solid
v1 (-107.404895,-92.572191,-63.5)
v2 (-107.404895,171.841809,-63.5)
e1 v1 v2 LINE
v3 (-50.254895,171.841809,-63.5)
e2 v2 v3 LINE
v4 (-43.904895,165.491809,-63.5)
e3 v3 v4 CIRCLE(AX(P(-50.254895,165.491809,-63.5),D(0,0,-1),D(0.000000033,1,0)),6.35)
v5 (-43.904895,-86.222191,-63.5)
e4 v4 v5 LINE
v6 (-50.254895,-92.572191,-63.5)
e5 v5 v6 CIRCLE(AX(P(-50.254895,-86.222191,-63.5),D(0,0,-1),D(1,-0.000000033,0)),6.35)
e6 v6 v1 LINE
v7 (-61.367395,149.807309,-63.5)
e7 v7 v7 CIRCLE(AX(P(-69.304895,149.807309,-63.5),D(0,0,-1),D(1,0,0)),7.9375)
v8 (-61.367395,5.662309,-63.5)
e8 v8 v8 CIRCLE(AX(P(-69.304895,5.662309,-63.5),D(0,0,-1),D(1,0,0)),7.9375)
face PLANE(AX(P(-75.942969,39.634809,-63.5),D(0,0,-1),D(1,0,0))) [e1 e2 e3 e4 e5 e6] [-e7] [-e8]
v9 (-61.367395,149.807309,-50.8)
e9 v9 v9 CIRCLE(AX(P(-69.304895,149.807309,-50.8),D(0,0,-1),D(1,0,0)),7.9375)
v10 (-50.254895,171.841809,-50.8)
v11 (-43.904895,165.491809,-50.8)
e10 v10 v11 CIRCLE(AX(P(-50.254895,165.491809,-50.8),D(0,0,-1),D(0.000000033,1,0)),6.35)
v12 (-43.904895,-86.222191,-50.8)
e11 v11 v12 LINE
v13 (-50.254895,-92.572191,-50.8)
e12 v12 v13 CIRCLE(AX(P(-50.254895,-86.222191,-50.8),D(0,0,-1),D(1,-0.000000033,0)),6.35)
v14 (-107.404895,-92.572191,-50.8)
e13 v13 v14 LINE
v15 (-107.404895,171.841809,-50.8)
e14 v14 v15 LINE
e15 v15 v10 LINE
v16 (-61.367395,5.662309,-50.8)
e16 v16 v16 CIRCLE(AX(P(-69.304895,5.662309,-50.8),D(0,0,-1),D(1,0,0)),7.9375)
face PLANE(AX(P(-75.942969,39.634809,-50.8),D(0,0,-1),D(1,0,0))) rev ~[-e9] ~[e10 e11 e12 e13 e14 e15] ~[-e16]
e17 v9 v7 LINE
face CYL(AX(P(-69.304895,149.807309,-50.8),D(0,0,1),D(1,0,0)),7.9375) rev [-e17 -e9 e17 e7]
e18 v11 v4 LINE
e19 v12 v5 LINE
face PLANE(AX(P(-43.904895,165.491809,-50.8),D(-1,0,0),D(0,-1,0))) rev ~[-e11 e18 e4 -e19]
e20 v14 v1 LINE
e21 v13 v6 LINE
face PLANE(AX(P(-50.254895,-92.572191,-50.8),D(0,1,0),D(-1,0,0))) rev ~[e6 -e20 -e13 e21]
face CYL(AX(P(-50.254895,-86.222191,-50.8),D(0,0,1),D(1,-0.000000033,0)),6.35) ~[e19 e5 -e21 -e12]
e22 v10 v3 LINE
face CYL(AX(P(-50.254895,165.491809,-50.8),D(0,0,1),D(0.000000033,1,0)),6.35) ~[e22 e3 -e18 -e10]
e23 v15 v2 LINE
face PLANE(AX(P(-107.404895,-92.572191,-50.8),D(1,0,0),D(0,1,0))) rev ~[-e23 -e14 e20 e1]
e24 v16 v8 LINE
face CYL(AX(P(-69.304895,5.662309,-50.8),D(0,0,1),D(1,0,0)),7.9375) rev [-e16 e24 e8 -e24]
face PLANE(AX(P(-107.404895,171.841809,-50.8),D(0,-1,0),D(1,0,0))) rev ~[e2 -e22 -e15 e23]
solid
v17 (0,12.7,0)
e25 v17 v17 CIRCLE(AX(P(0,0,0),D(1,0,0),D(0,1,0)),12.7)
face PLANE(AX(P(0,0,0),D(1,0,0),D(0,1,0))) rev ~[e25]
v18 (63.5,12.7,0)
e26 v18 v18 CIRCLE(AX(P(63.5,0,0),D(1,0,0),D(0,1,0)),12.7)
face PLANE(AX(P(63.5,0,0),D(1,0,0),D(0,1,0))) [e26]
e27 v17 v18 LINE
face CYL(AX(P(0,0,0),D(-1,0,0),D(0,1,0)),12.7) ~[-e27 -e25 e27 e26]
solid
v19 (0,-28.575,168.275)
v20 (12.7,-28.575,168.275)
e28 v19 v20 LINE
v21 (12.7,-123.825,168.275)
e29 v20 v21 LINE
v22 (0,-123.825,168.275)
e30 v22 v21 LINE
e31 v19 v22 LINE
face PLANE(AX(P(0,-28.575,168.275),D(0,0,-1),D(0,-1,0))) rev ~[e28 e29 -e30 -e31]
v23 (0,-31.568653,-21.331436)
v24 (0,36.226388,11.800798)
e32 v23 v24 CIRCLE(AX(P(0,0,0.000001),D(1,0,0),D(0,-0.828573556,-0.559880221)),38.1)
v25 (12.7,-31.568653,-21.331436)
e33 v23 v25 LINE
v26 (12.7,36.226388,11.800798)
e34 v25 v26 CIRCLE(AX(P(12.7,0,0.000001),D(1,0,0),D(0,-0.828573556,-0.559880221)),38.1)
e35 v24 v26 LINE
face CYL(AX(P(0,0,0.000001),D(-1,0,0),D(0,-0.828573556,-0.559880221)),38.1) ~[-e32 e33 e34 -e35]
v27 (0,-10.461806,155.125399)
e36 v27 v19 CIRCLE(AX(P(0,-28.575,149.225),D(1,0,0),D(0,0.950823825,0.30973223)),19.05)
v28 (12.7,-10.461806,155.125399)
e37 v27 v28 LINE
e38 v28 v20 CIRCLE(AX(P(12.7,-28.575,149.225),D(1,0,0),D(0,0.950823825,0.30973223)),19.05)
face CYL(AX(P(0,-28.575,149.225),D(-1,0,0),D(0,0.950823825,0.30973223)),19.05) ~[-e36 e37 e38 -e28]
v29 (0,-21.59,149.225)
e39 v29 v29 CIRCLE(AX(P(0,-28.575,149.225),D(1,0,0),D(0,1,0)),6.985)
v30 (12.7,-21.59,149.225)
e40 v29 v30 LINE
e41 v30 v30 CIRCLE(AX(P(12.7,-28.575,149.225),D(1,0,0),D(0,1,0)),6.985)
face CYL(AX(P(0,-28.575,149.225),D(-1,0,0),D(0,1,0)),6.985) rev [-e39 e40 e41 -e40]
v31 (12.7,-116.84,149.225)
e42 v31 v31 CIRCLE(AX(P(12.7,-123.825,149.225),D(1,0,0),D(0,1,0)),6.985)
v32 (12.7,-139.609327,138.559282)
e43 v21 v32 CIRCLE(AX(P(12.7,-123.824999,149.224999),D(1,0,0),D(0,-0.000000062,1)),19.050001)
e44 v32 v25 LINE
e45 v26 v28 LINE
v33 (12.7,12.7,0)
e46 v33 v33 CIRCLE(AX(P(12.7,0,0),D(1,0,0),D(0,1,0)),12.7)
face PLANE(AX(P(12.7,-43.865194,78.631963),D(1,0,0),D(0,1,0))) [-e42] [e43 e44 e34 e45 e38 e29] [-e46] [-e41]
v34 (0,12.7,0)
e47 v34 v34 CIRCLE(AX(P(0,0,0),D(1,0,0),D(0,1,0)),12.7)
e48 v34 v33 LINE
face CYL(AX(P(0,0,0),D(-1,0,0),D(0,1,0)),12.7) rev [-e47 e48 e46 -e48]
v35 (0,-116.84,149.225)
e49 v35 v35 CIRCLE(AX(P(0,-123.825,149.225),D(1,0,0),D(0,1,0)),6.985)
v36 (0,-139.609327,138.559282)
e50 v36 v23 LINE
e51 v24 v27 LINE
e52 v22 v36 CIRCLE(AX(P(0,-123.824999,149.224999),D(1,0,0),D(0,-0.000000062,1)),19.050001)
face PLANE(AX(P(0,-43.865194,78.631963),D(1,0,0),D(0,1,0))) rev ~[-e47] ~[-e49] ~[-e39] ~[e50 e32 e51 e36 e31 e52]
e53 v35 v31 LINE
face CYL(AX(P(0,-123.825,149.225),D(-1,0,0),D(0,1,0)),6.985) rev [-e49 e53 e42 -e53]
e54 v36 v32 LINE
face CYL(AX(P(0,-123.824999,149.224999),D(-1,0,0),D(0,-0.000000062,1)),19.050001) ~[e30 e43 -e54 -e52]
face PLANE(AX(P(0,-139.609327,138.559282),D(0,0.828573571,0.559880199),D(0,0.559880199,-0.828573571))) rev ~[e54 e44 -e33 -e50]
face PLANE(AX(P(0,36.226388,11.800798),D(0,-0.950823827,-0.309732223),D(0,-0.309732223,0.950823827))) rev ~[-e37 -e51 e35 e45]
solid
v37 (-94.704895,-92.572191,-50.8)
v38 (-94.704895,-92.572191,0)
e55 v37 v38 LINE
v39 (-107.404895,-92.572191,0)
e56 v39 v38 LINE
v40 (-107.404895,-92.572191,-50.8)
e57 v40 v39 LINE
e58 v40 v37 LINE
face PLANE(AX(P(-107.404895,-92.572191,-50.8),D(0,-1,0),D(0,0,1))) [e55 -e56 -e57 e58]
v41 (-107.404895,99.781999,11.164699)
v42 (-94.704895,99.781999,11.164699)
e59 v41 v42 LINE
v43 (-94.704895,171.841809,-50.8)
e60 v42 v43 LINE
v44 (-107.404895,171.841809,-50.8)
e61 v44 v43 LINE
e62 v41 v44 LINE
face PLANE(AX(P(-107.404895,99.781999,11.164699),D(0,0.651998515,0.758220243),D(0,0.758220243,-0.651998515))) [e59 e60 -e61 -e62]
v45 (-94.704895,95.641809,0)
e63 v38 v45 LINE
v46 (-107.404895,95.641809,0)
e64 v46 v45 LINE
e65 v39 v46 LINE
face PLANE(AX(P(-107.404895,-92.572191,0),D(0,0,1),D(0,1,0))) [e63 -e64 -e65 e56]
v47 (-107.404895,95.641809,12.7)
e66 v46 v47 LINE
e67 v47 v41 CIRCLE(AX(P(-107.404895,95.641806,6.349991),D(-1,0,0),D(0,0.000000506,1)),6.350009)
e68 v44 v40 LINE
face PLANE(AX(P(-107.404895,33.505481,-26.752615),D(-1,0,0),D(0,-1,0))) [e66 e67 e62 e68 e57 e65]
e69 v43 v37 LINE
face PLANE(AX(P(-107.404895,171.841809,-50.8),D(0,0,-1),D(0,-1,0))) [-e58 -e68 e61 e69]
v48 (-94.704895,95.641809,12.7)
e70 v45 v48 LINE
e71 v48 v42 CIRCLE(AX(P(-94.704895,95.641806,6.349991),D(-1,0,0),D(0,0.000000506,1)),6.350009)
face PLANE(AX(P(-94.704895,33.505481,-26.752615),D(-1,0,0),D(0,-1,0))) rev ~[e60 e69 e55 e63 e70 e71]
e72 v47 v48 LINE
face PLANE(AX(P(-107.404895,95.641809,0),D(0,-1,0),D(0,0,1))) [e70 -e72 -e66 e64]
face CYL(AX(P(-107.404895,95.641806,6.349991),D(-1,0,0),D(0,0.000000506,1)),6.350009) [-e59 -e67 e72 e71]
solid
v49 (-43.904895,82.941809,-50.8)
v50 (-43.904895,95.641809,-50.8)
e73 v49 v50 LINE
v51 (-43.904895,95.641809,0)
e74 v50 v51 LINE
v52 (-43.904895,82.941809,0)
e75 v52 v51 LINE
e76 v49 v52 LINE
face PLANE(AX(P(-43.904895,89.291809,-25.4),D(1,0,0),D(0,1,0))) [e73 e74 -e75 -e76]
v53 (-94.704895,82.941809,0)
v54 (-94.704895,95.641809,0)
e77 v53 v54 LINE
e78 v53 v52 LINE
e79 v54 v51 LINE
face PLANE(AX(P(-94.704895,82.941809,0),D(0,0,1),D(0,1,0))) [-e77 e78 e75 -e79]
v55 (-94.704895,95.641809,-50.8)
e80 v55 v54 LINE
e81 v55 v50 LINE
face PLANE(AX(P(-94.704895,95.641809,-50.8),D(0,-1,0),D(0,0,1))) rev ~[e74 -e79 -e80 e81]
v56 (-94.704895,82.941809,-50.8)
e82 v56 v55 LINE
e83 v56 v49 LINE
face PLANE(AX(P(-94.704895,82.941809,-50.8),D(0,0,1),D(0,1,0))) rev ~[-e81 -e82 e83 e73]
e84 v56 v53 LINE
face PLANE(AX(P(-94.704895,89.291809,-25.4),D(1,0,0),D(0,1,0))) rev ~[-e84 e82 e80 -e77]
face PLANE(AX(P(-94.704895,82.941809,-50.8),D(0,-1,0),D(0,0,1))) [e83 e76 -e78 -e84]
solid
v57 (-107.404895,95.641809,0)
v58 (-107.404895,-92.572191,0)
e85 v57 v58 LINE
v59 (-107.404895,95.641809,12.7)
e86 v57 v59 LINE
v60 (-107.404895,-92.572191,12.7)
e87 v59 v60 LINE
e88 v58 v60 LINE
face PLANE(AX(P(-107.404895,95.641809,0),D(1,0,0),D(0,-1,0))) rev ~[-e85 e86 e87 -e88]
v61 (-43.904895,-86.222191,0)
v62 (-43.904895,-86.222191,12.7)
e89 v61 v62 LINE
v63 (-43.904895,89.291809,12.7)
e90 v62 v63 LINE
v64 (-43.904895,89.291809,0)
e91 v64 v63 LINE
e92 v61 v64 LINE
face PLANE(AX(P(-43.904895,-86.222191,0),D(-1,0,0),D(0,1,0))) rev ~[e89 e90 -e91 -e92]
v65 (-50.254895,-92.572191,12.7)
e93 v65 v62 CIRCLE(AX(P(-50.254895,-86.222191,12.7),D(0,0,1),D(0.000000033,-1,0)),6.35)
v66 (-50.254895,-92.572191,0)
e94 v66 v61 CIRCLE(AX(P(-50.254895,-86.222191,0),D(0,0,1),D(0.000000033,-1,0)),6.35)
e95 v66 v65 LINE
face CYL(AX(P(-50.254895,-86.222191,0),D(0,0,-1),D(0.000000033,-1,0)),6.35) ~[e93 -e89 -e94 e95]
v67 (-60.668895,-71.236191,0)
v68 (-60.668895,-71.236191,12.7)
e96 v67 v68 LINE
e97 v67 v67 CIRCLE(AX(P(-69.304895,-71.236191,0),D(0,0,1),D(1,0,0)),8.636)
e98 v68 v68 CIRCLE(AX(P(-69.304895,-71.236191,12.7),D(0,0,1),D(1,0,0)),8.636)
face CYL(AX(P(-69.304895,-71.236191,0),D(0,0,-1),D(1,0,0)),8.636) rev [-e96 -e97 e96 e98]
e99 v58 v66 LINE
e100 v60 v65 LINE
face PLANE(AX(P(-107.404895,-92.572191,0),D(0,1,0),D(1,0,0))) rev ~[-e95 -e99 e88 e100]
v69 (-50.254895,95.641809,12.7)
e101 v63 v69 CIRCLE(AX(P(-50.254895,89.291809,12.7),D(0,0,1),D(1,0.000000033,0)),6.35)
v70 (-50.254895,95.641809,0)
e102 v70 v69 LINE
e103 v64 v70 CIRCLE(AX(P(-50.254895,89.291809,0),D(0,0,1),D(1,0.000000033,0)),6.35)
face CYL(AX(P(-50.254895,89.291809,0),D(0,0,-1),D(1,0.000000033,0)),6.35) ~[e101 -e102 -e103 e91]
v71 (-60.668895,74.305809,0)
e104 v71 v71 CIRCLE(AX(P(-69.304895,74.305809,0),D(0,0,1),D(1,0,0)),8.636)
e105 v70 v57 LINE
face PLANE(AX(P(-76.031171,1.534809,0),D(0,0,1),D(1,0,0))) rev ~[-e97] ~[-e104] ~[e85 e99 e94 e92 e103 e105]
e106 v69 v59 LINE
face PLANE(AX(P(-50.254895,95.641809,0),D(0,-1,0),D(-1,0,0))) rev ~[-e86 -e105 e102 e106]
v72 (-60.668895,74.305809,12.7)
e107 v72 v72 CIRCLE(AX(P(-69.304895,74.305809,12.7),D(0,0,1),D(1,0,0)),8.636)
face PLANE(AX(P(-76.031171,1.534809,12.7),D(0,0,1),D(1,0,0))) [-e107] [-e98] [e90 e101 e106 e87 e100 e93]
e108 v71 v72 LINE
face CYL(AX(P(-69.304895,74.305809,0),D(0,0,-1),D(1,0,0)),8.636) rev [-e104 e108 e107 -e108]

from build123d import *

# Parameters (mm, degrees)
F0_R      = 12.7
F1_DEPTH  = 63.5
F0_R_2    = 6.985
F2_DEPTH  = 12.7
F3_R      = 8.636
F4_DEPTH  = 12.7
F6_DEPTH  = 12.7
F7_W      = 12.7
F7_H      = 50.8
F8_DEPTH  = 50.8
F9_R      = 7.9375
F10_DEPTH = 12.7


with BuildPart() as f1:
    # F0 (on Right) → F1 (new body)
    with BuildSketch(Plane.YZ):
        Circle(F0_R)
    extrude(amount=F1_DEPTH)


with BuildPart() as f2:
    # F0 (on Right) → F2 (new body)
    with BuildSketch(Plane.YZ):
        with BuildLine():
            Line((-28.575, 168.275), (-123.825, 168.275))
            ThreePointArc((-123.825, 168.275), (-140.648858, 158.161458), (-139.609327, 138.559282))
            Line((-139.609327, 138.559282), (-31.568653, -21.331436))
            ThreePointArc((-31.568653, -21.331436), (16.729012, -34.230836), (36.226388, 11.800798))
            Line((36.226388, 11.800798), (-10.461806, 155.125399))
            ThreePointArc((-10.461806, 155.125399), (-17.383488, 164.640984), (-28.575, 168.275))
        make_face()
        Circle(F0_R, mode=Mode.SUBTRACT)
        with Locations((-123.825, 149.225)):
            Circle(F0_R_2, mode=Mode.SUBTRACT)
        with Locations((-28.575, 149.225)):
            Circle(F0_R_2, mode=Mode.SUBTRACT)
    extrude(amount=F2_DEPTH)


with BuildPart() as f4:
    # F3 (on Top) → F4 (new body)
    with BuildSketch(Plane.XY):
        with BuildLine():
            Line((-50.254895, 95.641809), (-107.404895, 95.641809))
            Line((-107.404895, 95.641809), (-107.404895, -92.572191))
            Line((-107.404895, -92.572191), (-50.254895, -92.572191))
            ThreePointArc((-50.254895, -92.572191), (-45.764767, -90.712319), (-43.904895, -86.222191))
            Line((-43.904895, -86.222191), (-43.904895, 89.291809))
            ThreePointArc((-43.904895, 89.291809), (-45.764767, 93.781937), (-50.254895, 95.641809))
        make_face()
        with Locations((-69.304895, -71.236191)):
            Circle(F3_R, mode=Mode.SUBTRACT)
        with Locations((-69.304895, 74.305809)):
            Circle(F3_R, mode=Mode.SUBTRACT)
    extrude(amount=F4_DEPTH)


with BuildPart() as f6:
    # F5 (on face) → F6 (new body)
    with BuildSketch(Plane(origin=(-107.404895, 0, 0), x_dir=(0, -1, 0), z_dir=(-1, 0, 0))):
        with BuildLine():
            ThreePointArc((-95.641809, 12.7), (-97.849654, 12.303815), (-99.781999, 11.164699))
            Line((-99.781999, 11.164699), (-171.841809, -50.8))
            Line((-171.841809, -50.8), (92.572191, -50.8))
            Line((92.572191, -50.8), (92.572191, 0))
            Line((92.572191, 0), (-95.641809, 0))
            Line((-95.641809, 0), (-95.641809, 12.7))
        make_face()
    extrude(amount=-F6_DEPTH)


with BuildPart() as f8:
    # F7 (on face) → F8 (new body, through all)
    with BuildSketch(Plane.YZ.offset(-94.704895)):
        with Locations((89.291809, -25.4)):
            Rectangle(F7_W, F7_H)
    extrude(amount=F8_DEPTH)


with BuildPart() as f10:
    # F9 (on face) → F10 (new body)
    with BuildSketch(Plane(origin=(0, 0, -50.8), x_dir=(1, 0, 0), z_dir=(0, 0, -1))):
        with BuildLine():
            Line((-107.404895, 92.572191), (-107.404895, -171.841809))
            Line((-107.404895, -171.841809), (-50.254895, -171.841809))
            ThreePointArc((-50.254895, -171.841809), (-45.764767, -169.981937), (-43.904895, -165.491809))
            Line((-43.904895, -165.491809), (-43.904895, 86.222191))
            ThreePointArc((-43.904895, 86.222191), (-45.764767, 90.712319), (-50.254895, 92.572191))
            Line((-50.254895, 92.572191), (-107.404895, 92.572191))
        make_face()
        with Locations((-69.304895, -149.807309)):
            Circle(F9_R, mode=Mode.SUBTRACT)
        with Locations((-69.304895, -5.662309)):
            Circle(F9_R, mode=Mode.SUBTRACT)
    extrude(amount=F10_DEPTH)


solid = Compound([f1.part, f2.part, f4.part, f6.part, f8.part, f10.part])
